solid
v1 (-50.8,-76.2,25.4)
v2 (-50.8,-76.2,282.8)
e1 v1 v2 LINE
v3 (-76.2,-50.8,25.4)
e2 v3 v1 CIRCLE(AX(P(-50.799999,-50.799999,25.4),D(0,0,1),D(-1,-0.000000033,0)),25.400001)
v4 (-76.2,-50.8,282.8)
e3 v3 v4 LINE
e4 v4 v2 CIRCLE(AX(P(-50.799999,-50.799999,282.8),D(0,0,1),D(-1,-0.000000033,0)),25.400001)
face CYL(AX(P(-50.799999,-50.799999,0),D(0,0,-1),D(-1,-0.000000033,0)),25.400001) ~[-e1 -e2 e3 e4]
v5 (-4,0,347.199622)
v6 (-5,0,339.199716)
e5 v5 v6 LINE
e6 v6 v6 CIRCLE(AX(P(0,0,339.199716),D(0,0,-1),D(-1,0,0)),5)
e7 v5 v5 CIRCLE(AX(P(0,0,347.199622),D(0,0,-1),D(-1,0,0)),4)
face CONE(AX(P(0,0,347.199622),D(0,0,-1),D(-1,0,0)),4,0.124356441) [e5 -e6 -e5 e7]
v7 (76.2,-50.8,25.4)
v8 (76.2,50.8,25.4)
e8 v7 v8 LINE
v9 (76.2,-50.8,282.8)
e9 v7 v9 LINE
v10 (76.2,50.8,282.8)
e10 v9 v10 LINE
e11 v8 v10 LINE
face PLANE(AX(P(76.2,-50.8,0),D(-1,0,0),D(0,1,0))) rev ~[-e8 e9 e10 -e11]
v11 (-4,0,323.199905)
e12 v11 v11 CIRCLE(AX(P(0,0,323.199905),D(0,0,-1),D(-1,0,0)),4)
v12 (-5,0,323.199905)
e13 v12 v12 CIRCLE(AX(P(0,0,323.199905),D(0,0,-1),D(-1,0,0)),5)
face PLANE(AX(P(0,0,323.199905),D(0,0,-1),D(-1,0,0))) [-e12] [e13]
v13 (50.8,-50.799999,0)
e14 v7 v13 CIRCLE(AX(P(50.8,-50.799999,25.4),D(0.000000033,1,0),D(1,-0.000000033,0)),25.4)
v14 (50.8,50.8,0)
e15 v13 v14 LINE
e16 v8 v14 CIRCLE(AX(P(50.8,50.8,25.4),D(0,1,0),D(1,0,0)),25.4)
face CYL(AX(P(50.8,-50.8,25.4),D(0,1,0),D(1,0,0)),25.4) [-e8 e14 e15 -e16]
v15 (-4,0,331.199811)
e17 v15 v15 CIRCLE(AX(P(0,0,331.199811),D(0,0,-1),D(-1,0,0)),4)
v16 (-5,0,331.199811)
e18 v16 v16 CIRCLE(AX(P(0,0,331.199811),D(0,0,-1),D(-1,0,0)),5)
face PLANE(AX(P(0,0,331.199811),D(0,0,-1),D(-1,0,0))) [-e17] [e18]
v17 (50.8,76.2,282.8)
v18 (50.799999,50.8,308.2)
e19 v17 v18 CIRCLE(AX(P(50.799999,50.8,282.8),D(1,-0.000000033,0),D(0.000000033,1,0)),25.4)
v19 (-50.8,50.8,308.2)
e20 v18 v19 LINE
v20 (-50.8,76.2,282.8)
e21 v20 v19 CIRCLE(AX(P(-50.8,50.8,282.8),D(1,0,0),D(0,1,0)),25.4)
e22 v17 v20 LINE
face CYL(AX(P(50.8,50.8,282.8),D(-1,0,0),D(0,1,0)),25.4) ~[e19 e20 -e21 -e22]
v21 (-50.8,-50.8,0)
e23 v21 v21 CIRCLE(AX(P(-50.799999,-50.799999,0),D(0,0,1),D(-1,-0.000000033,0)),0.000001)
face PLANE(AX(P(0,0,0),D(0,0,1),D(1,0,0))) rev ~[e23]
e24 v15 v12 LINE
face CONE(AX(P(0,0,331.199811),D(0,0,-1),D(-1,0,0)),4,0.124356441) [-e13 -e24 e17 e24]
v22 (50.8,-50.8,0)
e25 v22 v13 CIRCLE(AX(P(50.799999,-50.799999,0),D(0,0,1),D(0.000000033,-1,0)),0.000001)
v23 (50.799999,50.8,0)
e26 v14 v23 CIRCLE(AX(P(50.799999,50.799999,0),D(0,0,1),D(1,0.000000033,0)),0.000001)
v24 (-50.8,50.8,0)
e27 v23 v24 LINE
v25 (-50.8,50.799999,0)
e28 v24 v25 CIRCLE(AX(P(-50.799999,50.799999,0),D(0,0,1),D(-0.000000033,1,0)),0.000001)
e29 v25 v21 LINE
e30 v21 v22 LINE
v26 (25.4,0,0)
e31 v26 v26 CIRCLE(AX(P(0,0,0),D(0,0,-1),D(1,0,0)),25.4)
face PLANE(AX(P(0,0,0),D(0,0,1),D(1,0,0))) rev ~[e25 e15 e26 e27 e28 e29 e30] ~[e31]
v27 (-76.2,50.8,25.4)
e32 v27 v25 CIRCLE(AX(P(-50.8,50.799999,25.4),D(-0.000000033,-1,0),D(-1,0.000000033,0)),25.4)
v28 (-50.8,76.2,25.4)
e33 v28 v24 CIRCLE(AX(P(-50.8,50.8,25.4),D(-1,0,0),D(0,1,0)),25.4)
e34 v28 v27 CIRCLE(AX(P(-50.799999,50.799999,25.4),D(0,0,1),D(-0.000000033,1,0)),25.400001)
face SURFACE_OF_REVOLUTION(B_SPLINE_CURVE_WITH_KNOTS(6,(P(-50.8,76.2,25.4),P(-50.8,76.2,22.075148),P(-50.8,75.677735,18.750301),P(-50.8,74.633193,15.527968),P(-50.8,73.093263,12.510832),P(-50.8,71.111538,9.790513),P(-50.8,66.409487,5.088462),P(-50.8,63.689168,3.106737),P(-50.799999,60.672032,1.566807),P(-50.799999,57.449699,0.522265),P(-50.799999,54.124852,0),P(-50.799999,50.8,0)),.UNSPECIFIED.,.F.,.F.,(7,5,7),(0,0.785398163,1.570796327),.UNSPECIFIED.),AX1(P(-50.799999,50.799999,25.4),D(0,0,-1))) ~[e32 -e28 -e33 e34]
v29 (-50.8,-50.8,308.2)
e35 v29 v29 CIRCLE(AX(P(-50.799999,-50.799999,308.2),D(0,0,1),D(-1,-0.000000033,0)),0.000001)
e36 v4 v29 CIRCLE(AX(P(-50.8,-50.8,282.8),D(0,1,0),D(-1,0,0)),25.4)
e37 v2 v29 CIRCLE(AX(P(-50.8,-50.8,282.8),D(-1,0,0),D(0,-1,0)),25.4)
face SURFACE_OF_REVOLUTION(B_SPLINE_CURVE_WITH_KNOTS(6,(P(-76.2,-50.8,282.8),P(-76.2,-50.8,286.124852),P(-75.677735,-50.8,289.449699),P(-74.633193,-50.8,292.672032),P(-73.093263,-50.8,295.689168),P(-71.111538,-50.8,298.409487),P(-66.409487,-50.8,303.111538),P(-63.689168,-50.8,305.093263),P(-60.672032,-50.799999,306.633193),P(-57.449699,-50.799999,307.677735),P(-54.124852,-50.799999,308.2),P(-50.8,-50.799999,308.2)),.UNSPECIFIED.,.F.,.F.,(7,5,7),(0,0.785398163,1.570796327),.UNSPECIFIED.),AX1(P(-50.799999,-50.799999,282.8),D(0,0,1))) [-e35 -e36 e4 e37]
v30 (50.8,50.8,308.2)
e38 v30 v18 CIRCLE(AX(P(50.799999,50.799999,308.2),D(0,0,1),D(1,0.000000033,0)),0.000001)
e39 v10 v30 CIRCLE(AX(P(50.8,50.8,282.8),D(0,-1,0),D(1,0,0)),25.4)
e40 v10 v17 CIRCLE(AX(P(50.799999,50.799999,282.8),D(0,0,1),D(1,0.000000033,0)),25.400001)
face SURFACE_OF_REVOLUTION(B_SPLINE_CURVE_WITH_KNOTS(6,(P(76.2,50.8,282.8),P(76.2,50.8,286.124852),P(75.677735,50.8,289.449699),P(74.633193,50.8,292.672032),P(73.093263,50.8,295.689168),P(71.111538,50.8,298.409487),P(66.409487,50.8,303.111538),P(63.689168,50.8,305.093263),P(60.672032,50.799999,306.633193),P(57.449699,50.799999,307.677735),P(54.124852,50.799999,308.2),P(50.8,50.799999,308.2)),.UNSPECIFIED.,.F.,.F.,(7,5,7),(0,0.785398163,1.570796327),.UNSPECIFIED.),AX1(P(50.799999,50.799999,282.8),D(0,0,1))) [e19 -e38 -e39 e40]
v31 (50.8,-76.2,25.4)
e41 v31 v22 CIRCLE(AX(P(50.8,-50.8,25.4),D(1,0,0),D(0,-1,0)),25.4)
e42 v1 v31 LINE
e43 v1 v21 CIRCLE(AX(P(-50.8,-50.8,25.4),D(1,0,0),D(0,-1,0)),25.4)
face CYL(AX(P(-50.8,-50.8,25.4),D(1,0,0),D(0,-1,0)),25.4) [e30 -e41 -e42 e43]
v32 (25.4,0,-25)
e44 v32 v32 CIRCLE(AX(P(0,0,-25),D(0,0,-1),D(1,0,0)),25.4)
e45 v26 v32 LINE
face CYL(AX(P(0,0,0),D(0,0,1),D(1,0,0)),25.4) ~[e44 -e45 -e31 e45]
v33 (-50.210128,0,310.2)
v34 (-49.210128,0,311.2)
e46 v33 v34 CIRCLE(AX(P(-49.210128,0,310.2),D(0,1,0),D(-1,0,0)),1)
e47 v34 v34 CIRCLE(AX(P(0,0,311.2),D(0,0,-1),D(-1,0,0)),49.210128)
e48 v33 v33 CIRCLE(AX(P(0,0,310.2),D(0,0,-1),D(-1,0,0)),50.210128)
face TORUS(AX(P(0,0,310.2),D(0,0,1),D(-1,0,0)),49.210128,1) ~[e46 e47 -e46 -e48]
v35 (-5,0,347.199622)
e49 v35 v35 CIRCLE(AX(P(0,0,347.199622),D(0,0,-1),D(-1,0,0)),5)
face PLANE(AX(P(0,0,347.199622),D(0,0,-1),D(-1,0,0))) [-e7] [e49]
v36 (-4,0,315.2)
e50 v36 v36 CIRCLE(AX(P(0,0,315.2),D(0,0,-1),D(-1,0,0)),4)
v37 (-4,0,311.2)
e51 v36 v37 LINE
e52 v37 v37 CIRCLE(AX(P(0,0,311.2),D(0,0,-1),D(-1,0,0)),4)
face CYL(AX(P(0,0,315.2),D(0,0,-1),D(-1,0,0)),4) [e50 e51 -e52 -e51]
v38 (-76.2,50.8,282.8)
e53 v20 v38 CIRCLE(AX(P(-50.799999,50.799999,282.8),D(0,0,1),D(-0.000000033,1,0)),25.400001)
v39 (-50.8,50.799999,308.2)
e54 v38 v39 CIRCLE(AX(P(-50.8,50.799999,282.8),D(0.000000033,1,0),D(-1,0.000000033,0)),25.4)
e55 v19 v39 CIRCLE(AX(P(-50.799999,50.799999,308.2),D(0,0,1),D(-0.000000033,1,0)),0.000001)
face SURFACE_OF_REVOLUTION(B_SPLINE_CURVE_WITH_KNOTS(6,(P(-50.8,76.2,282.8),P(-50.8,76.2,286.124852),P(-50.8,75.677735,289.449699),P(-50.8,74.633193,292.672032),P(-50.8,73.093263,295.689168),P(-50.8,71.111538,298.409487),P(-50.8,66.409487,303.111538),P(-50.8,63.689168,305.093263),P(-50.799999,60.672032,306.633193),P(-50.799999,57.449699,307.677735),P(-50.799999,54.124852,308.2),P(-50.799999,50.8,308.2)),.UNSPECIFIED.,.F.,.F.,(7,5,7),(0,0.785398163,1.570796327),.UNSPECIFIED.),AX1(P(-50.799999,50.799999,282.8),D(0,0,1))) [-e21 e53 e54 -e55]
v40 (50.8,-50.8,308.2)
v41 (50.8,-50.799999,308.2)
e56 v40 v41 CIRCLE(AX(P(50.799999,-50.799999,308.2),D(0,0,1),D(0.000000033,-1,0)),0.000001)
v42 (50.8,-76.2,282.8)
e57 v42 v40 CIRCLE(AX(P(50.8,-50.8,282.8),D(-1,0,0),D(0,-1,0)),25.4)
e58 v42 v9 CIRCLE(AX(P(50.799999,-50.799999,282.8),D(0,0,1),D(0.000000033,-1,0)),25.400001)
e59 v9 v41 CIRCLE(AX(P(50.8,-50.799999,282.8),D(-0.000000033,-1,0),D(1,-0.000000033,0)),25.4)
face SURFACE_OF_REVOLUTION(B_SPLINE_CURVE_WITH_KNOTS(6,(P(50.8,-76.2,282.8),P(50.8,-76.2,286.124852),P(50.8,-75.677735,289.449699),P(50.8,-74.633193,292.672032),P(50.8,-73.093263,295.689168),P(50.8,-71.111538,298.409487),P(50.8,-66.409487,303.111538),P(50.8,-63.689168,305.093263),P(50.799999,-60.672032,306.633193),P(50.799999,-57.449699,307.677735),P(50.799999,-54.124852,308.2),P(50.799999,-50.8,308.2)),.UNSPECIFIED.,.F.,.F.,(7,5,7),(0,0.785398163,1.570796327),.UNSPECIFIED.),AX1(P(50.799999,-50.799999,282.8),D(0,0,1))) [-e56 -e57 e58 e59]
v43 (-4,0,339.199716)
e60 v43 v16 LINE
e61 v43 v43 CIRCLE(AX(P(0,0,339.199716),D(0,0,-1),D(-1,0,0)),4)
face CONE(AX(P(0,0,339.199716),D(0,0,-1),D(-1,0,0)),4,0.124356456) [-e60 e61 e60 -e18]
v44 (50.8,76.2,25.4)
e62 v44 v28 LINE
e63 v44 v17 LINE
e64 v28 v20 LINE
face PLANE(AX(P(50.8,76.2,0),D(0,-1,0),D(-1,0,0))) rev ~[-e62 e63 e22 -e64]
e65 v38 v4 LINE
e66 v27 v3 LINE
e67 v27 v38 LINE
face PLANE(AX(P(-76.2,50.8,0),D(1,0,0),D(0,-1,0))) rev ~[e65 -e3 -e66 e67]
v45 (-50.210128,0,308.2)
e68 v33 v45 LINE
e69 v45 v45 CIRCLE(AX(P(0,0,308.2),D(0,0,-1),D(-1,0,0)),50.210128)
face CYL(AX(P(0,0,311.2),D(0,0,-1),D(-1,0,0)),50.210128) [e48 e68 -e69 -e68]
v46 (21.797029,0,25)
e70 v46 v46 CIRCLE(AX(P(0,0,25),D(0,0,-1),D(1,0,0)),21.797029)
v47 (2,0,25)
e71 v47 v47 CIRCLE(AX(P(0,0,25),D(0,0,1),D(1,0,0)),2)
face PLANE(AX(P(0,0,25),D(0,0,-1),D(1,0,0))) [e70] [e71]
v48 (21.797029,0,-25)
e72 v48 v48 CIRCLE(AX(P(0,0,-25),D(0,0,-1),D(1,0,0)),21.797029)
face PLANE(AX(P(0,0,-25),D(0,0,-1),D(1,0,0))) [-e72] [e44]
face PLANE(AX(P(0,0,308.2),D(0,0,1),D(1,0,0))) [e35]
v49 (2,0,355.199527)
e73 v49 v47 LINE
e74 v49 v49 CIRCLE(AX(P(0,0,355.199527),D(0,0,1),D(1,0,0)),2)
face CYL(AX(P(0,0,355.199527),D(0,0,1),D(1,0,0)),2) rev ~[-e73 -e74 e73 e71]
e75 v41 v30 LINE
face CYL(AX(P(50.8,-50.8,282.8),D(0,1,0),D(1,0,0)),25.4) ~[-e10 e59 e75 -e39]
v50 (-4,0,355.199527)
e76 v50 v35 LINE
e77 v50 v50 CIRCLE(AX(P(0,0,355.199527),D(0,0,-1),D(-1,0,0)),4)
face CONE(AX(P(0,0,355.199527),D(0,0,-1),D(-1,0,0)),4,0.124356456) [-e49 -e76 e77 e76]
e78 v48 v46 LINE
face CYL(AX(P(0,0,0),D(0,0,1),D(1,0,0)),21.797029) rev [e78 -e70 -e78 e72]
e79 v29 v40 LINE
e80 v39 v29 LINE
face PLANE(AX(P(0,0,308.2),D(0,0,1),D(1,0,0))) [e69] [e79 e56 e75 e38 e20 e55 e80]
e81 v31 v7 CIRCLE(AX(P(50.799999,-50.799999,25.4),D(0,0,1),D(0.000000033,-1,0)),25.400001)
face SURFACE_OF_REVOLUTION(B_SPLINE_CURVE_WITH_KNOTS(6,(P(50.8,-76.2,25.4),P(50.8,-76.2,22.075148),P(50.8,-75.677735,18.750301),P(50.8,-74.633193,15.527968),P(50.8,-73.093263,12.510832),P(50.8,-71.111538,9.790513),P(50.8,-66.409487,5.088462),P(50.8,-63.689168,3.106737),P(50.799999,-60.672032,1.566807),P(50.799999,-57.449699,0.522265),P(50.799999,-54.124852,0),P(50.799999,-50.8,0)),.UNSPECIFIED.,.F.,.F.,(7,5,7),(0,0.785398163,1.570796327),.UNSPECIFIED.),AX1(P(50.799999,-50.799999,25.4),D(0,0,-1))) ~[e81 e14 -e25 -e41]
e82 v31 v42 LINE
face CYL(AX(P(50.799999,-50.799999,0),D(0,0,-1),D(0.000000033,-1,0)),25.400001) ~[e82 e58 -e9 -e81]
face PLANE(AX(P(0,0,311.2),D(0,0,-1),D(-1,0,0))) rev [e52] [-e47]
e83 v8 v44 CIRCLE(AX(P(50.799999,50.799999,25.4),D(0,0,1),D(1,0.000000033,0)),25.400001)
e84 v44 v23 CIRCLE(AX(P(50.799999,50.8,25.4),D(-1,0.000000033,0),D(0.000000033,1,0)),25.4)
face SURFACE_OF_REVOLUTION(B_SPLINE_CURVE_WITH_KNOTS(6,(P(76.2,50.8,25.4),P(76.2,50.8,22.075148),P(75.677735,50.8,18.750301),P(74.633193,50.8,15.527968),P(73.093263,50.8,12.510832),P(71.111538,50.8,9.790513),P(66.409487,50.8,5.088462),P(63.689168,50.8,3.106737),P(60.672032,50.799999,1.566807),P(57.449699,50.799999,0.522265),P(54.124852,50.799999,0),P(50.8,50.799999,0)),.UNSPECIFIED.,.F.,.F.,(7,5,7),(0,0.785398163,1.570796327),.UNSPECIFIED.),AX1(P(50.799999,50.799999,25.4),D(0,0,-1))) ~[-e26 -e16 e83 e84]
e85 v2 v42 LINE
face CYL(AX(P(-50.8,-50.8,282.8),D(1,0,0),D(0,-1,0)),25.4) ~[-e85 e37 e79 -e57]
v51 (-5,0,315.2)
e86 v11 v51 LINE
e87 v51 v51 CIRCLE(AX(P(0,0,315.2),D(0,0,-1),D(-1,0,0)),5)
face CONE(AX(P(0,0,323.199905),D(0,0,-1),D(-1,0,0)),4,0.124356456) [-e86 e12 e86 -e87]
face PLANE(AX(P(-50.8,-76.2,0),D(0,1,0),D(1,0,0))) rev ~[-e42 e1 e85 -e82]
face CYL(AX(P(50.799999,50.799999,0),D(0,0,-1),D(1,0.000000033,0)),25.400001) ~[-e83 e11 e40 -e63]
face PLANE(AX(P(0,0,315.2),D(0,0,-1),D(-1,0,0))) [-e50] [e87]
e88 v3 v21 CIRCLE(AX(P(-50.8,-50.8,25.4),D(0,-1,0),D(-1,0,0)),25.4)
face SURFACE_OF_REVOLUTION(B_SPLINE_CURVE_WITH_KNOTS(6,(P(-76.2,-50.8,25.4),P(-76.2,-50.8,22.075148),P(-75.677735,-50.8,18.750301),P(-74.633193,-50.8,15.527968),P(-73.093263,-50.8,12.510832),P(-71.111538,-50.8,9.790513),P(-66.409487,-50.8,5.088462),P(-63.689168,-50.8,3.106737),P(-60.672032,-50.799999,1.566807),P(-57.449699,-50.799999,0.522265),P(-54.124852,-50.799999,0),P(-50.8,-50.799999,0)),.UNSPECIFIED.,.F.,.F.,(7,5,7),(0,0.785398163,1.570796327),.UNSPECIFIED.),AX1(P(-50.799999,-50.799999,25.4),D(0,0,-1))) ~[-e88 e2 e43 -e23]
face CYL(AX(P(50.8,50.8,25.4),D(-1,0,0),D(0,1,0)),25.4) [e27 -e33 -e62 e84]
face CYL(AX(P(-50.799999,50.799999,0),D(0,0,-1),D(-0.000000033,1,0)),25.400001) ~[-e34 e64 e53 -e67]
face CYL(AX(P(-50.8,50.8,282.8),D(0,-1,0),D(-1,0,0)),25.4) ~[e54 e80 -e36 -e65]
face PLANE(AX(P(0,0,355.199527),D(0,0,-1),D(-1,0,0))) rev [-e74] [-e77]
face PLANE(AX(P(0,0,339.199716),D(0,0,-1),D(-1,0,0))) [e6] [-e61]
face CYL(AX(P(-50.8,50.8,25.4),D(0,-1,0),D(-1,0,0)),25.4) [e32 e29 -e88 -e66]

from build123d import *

# Parameters (mm, degrees)
F1_DEPTH  = 308.2
F2_R      = 25.4
F3_R      = 25.4
F3_R_2    = 21.797029
F4_DEPTH  = 25
F5_R      = 21.797029
F6_DEPTH  = 25
F9_R      = 2
F10_DEPTH = 380.200527
F11_R     = 1


with BuildPart() as f1:
    # F0 (on Top) → F1 (new body)
    with BuildSketch(Plane.XY):
        with BuildLine():
            Line((-50.8, -76.2), (50.8, -76.2))
            ThreePointArc((50.8, -76.2), (68.760512, -68.760512), (76.2, -50.8))
            Line((76.2, -50.8), (76.2, 50.8))
            ThreePointArc((76.2, 50.8), (68.760512, 68.760512), (50.8, 76.2))
            Line((50.8, 76.2), (-50.8, 76.2))
            ThreePointArc((-50.8, 76.2), (-68.760512, 68.760512), (-76.2, 50.8))
            Line((-76.2, 50.8), (-76.2, -50.8))
            ThreePointArc((-76.2, -50.8), (-68.760512, -68.760512), (-50.8, -76.2))
        make_face()
    extrude(amount=F1_DEPTH)

    # F2
    f2_edges = [f1.edges().sort_by_distance(p)[0] for p in [
        (0, -76.2, 308.2),
        (0, -76.2, 0),
    ]]
    fillet(f2_edges, radius=F2_R)

    # F3 (on face) → F4 (join)
    with BuildSketch(Plane(origin=(0, 0, 0), x_dir=(1, 0, 0), z_dir=(0, 0, -1))):
        Circle(F3_R)
        Circle(F3_R_2, mode=Mode.SUBTRACT)
    extrude(amount=F4_DEPTH)

    # F5 (on face) → F6 (cut)
    with BuildSketch(Plane(origin=(0, 0, 0), x_dir=(1, 0, 0), z_dir=(0, 0, -1))):
        Circle(F5_R)
    extrude(amount=-F6_DEPTH, mode=Mode.SUBTRACT)

    # F7 (on Front) → F8 (revolve)
    with BuildSketch(Plane.XZ):
        Polygon((-50.210128, 308.2), (0, 308.2), (0, 355.199527), (-4, 355.199527), (-5, 347.199622), (-4, 347.199622), (-5, 339.199716), (-4, 339.199716), (-5, 331.199811), (-4, 331.199811), (-5, 323.199905), (-4, 323.199905), (-5, 315.2), (-4, 315.2), (-4, 311.2), (-50.210128, 311.2), align=None)
    revolve(axis=Axis((0, 0, 331.699764), (0, 0, -1)))

    # F9 (on face) → F10 (cut, through all)
    with BuildSketch(Plane.XY.offset(355.199527)):
        Circle(F9_R)
    extrude(amount=-F10_DEPTH, mode=Mode.SUBTRACT)

    # F11
    f11_edges = [f1.edges().sort_by_distance(p)[0] for p in [
        (50.210128, 0, 311.2),
    ]]
    fillet(f11_edges, radius=F11_R)


solid = f1.part
